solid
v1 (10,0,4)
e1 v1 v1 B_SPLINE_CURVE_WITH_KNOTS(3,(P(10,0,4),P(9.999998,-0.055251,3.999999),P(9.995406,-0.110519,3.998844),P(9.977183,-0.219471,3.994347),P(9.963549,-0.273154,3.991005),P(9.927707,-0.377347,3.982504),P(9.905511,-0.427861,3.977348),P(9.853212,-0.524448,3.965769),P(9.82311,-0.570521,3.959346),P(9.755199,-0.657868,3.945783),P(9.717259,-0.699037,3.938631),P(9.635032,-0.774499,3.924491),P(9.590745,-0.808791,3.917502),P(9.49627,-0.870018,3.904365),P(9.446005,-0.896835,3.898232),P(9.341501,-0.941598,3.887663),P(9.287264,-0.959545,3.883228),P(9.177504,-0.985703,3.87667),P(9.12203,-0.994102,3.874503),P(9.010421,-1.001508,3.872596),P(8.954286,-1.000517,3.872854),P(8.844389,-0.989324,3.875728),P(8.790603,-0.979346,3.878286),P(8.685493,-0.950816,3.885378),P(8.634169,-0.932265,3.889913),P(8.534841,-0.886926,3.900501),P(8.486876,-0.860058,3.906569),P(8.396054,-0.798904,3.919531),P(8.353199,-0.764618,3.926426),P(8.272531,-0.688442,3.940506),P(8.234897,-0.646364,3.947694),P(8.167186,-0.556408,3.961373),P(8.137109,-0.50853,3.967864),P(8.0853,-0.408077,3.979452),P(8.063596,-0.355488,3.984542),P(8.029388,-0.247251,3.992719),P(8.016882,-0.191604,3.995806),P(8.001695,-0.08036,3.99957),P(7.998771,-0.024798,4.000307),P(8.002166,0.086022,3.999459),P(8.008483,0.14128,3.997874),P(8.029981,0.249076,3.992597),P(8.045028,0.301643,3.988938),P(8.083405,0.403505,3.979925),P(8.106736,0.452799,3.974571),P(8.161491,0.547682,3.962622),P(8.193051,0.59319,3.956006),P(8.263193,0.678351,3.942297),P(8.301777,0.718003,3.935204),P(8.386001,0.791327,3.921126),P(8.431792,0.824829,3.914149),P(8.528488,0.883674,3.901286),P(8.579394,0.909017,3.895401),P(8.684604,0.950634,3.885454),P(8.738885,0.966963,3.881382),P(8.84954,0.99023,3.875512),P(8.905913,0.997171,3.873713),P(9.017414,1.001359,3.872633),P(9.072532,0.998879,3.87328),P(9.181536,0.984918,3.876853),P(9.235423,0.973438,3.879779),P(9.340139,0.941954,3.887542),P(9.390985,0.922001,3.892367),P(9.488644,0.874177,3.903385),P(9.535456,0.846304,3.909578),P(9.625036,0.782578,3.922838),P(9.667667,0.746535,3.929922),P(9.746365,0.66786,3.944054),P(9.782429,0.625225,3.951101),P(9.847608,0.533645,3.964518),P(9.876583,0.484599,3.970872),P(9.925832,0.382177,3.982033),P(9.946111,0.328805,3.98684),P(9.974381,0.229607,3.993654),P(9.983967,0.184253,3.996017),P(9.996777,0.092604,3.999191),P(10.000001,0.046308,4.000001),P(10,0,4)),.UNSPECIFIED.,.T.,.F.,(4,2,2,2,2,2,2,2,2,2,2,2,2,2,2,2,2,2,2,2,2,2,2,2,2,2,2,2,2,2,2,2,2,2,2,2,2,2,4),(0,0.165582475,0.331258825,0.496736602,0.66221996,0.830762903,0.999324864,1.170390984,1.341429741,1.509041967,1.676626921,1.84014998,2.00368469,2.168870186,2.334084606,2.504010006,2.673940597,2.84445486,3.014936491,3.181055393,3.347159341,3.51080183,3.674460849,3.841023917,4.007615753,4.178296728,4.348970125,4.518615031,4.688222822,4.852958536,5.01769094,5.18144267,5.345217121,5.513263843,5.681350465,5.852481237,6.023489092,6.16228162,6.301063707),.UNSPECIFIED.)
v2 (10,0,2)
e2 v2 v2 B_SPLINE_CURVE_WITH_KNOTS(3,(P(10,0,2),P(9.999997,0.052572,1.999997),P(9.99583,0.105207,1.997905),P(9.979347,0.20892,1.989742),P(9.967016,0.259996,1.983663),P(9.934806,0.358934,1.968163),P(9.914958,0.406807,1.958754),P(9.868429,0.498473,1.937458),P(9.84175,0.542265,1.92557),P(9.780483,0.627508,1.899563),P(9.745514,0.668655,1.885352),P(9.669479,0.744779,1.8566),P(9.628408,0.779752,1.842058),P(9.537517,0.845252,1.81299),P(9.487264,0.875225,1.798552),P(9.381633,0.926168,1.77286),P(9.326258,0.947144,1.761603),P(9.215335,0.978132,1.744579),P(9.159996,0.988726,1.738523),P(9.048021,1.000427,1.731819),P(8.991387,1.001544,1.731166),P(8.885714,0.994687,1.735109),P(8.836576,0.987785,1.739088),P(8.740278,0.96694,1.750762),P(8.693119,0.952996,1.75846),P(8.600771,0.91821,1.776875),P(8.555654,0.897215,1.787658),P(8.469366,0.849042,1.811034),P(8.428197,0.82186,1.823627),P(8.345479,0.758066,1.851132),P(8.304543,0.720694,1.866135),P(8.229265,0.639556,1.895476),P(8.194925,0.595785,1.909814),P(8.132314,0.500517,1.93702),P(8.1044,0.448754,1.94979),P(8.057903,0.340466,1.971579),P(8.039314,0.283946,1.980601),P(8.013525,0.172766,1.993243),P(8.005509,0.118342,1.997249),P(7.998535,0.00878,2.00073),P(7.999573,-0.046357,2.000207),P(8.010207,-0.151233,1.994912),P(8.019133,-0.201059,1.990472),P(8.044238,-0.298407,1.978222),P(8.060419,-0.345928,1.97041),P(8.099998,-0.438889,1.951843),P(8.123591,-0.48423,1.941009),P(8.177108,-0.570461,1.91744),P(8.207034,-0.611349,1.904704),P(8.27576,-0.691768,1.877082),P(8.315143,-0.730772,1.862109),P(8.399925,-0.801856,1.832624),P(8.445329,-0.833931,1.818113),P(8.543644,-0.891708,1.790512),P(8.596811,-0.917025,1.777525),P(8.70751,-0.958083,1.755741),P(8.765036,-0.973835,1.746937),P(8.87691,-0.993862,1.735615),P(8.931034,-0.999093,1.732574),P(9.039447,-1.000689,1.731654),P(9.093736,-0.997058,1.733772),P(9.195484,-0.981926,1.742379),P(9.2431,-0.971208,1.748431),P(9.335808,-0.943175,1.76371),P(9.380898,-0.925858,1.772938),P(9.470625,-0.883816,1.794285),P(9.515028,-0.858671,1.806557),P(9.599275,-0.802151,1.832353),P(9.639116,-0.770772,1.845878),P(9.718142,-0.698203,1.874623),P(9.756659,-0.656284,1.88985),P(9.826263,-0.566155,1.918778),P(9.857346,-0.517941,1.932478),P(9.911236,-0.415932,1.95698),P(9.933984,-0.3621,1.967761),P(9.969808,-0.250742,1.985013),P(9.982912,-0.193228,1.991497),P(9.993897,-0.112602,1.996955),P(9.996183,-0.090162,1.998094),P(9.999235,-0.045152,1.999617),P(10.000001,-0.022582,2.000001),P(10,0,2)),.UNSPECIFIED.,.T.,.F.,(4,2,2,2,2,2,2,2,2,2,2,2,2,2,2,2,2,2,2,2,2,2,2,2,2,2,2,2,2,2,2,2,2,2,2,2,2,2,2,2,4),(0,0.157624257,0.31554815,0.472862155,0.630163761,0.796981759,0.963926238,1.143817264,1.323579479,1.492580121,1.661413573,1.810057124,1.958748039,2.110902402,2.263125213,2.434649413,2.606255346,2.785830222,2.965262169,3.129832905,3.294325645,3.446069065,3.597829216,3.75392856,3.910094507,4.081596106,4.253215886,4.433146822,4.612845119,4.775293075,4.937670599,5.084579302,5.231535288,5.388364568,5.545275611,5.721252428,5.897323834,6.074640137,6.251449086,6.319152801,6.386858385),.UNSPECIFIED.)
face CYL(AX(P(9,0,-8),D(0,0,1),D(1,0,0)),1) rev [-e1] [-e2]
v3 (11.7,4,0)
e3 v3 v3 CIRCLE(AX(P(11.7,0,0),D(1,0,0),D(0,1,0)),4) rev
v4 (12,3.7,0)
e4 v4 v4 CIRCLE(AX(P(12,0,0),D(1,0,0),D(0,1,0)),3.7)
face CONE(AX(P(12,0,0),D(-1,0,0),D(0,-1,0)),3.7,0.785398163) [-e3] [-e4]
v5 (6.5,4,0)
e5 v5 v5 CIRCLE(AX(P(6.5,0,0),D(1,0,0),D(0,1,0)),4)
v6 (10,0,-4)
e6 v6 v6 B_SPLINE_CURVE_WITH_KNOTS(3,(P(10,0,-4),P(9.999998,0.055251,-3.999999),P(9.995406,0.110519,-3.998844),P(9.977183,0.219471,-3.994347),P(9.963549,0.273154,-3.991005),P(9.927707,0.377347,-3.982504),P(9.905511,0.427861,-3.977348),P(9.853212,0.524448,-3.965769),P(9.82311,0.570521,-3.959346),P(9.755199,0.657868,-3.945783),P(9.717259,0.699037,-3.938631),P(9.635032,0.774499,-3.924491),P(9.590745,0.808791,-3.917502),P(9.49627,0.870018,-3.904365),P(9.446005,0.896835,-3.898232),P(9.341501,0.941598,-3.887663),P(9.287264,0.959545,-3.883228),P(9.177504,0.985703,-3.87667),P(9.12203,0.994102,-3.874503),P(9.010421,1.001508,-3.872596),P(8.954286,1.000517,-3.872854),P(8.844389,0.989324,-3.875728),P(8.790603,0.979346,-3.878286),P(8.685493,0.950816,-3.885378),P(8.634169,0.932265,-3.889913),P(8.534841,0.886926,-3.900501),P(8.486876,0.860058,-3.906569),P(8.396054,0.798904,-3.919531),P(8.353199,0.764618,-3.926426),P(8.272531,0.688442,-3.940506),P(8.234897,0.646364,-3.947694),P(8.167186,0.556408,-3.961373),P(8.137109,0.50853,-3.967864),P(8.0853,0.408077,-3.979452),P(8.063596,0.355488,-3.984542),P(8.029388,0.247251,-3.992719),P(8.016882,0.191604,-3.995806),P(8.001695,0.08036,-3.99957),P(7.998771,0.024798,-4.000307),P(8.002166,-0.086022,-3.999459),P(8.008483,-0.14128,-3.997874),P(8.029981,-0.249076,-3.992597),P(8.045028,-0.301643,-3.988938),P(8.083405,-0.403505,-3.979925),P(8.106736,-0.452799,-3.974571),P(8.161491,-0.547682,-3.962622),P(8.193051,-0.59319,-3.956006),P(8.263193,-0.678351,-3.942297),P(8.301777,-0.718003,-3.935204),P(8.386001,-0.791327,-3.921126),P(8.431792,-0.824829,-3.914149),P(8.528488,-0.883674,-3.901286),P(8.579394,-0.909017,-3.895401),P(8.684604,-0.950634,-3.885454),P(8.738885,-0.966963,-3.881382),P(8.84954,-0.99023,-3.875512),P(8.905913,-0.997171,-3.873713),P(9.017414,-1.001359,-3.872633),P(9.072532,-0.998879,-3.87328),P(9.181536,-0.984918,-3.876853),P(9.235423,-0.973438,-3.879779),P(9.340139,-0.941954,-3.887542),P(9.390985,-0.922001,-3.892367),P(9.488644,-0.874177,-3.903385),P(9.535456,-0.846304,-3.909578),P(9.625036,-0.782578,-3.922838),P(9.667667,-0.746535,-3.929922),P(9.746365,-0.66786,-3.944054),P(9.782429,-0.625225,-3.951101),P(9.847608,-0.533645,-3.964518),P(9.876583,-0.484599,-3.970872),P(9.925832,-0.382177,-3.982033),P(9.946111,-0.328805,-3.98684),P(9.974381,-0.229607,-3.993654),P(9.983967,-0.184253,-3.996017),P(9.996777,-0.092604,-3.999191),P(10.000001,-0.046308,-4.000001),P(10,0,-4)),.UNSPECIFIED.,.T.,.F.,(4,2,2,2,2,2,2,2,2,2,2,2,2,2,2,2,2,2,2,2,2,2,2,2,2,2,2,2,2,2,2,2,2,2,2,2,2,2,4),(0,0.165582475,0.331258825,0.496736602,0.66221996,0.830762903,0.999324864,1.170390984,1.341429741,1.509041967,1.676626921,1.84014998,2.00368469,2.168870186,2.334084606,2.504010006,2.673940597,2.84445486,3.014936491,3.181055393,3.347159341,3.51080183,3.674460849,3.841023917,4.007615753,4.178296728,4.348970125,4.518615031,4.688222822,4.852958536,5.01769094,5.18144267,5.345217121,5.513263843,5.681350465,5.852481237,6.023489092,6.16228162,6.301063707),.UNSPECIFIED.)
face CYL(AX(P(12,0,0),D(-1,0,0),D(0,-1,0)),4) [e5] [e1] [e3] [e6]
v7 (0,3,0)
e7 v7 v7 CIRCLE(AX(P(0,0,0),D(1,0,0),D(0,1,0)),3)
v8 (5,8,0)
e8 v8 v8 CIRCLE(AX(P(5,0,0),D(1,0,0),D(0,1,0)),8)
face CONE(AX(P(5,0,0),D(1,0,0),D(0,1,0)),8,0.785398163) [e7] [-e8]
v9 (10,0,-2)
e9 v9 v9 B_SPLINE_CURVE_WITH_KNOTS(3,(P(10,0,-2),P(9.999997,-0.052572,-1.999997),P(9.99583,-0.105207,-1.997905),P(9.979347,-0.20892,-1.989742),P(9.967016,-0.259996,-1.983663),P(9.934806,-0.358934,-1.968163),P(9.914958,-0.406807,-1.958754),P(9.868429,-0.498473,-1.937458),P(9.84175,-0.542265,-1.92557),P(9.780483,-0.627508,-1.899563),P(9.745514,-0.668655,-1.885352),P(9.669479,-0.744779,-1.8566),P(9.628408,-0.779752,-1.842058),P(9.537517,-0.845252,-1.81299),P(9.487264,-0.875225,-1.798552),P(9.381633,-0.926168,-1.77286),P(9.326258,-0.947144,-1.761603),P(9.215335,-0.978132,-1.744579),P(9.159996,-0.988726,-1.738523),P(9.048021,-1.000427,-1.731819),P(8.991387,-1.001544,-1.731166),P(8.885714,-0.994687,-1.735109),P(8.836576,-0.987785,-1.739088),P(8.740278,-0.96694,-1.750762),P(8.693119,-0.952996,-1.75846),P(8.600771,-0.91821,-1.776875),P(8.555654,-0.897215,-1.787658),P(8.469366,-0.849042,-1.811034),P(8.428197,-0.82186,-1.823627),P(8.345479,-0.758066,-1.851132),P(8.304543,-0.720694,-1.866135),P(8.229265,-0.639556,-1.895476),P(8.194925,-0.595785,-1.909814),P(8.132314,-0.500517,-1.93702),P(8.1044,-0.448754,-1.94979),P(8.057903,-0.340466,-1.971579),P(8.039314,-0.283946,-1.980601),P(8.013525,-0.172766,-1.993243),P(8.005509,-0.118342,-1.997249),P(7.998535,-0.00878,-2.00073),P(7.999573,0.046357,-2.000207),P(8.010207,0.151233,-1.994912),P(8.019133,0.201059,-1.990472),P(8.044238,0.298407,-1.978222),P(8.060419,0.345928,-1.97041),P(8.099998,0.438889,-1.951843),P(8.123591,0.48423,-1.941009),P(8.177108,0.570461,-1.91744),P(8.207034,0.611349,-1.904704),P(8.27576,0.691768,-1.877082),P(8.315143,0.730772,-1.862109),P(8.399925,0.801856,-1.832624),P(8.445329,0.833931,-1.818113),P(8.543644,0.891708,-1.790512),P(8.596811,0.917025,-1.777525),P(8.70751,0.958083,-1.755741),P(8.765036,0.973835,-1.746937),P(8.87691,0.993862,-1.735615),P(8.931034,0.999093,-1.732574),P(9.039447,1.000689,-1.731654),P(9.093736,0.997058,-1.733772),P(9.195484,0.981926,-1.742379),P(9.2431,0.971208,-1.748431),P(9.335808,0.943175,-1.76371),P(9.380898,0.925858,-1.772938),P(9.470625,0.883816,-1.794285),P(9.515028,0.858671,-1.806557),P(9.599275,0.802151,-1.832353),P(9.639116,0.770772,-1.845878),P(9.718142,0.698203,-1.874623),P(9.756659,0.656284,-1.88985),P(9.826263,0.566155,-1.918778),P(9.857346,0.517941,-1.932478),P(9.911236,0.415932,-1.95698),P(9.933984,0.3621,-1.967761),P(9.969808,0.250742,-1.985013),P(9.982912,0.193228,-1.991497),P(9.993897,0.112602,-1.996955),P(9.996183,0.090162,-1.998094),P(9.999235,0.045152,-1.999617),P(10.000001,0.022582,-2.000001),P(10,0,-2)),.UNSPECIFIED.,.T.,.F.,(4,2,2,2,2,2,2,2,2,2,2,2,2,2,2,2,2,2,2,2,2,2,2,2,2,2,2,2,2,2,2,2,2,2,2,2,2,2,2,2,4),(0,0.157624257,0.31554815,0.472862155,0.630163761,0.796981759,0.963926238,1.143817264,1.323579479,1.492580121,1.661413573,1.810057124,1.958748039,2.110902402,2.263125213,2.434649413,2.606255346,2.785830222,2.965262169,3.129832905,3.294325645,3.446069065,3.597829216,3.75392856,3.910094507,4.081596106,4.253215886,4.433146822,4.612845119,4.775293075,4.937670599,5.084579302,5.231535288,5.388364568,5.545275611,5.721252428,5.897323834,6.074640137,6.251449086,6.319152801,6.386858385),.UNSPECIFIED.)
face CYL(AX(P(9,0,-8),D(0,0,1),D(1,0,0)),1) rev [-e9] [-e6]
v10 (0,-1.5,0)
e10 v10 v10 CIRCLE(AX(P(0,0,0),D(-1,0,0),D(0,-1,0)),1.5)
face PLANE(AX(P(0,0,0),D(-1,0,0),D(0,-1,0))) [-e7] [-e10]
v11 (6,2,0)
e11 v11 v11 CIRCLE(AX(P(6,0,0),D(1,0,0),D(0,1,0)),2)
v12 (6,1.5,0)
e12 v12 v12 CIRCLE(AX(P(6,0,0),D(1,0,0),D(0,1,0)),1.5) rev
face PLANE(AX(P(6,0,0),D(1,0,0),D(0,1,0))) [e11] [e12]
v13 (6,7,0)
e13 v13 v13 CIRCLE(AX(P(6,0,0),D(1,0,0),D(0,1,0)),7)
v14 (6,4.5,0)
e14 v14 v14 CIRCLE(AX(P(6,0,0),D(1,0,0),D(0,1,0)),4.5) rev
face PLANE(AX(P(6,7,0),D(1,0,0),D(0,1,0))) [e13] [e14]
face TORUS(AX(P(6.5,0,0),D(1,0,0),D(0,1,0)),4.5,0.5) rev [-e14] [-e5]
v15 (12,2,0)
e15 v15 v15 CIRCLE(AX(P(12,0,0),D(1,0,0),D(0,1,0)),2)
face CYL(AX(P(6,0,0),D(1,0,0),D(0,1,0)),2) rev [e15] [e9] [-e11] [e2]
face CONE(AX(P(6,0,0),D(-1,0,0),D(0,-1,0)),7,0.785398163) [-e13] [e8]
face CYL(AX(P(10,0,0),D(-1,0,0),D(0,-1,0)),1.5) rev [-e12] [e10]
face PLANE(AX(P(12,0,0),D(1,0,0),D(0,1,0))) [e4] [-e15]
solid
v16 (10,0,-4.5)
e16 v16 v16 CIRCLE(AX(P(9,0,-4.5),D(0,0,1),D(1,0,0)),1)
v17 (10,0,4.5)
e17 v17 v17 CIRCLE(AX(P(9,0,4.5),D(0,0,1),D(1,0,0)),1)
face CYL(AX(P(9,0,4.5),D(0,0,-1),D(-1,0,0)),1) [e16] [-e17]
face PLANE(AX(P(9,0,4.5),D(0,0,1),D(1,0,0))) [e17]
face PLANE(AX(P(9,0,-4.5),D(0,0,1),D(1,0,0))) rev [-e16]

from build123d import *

# Parameters (mm, degrees)
SKETCH2_R               = 1.5
CUT_EXTRUDE1_DEPTH      = 10
SKETCH3_R               = 4
BOSS_EXTRUDE1_DEPTH     = 6
SKETCH4_R               = 2
CUT_EXTRUDE2_DEPTH      = 6
CUT_EXTRUDE3_DEPTH      = 17.492422502
CUT_EXTRUDE3_DEPTH_BACK = 17.492422502
SKETCH5_R               = 1
FILLET1_R               = 0.5
CHAMFER1_SIZE           = 0.3
SKETCH6_R               = 1
BOSS_EXTRUDE2_DEPTH     = 4.5


with BuildPart() as part:
    # Sketch1 → Revolve1 (revolve)
    with BuildSketch(Plane.XY):
        Polygon((0, 0), (0, 3), (5, 8), (6, 7), (6, 0), align=None)
    revolve(axis=Axis((6, 0, 0), (-1, 0, 0)))

    # Sketch2 → Cut-Extrude1 (cut)
    with BuildSketch(Plane.ZY):
        with Locations(Location((0, 0, 0), (0, 0, 270))):
            Circle(SKETCH2_R)
    extrude(amount=-CUT_EXTRUDE1_DEPTH, mode=Mode.SUBTRACT)

    # Sketch3 → Boss-Extrude1 (add)
    with BuildSketch(Plane(origin=(6, 0, 0), x_dir=(0, 0, -1), z_dir=(1, 0, 0))):
        with Locations(Location((0, 0, 0), (0, 0, 90))):
            Circle(SKETCH3_R)
    extrude(amount=BOSS_EXTRUDE1_DEPTH)

    # Sketch4 → Cut-Extrude2 (cut)
    with BuildSketch(Plane(origin=(12, 0, 0), x_dir=(0, 0, -1), z_dir=(1, 0, 0))):
        with Locations(Location((0, 0, 0), (0, 0, 90))):
            Circle(SKETCH4_R)
    extrude(amount=-CUT_EXTRUDE2_DEPTH, mode=Mode.SUBTRACT)

    # Sketch5 → Cut-Extrude3 (cut, two sides: drawn at the far end of the back side and taken through both)
    with BuildSketch(Plane.XY.offset(-CUT_EXTRUDE3_DEPTH_BACK)):
        with Locations((9, 0)):
            Circle(SKETCH5_R)
    extrude(amount=CUT_EXTRUDE3_DEPTH + CUT_EXTRUDE3_DEPTH_BACK, mode=Mode.SUBTRACT)

    # Fillet1
    fillet1_edges = [part.edges().sort_by_distance(p)[0] for p in [
        (6, -4, 0),
    ]]
    fillet(fillet1_edges, radius=FILLET1_R)

    # Chamfer1
    chamfer1_edges = [part.edges().sort_by_distance(p)[0] for p in [
        (12, -4, 0),
    ]]
    chamfer(chamfer1_edges, length=CHAMFER1_SIZE)


with BuildPart() as body_2:
    # Sketch6 → Boss-Extrude2 (new, symmetric)
    with BuildSketch(Plane.XY):
        with Locations((9, 0)):
            Circle(SKETCH6_R)
    extrude(amount=BOSS_EXTRUDE2_DEPTH, both=True)


solid = Compound([part.part, body_2.part])
